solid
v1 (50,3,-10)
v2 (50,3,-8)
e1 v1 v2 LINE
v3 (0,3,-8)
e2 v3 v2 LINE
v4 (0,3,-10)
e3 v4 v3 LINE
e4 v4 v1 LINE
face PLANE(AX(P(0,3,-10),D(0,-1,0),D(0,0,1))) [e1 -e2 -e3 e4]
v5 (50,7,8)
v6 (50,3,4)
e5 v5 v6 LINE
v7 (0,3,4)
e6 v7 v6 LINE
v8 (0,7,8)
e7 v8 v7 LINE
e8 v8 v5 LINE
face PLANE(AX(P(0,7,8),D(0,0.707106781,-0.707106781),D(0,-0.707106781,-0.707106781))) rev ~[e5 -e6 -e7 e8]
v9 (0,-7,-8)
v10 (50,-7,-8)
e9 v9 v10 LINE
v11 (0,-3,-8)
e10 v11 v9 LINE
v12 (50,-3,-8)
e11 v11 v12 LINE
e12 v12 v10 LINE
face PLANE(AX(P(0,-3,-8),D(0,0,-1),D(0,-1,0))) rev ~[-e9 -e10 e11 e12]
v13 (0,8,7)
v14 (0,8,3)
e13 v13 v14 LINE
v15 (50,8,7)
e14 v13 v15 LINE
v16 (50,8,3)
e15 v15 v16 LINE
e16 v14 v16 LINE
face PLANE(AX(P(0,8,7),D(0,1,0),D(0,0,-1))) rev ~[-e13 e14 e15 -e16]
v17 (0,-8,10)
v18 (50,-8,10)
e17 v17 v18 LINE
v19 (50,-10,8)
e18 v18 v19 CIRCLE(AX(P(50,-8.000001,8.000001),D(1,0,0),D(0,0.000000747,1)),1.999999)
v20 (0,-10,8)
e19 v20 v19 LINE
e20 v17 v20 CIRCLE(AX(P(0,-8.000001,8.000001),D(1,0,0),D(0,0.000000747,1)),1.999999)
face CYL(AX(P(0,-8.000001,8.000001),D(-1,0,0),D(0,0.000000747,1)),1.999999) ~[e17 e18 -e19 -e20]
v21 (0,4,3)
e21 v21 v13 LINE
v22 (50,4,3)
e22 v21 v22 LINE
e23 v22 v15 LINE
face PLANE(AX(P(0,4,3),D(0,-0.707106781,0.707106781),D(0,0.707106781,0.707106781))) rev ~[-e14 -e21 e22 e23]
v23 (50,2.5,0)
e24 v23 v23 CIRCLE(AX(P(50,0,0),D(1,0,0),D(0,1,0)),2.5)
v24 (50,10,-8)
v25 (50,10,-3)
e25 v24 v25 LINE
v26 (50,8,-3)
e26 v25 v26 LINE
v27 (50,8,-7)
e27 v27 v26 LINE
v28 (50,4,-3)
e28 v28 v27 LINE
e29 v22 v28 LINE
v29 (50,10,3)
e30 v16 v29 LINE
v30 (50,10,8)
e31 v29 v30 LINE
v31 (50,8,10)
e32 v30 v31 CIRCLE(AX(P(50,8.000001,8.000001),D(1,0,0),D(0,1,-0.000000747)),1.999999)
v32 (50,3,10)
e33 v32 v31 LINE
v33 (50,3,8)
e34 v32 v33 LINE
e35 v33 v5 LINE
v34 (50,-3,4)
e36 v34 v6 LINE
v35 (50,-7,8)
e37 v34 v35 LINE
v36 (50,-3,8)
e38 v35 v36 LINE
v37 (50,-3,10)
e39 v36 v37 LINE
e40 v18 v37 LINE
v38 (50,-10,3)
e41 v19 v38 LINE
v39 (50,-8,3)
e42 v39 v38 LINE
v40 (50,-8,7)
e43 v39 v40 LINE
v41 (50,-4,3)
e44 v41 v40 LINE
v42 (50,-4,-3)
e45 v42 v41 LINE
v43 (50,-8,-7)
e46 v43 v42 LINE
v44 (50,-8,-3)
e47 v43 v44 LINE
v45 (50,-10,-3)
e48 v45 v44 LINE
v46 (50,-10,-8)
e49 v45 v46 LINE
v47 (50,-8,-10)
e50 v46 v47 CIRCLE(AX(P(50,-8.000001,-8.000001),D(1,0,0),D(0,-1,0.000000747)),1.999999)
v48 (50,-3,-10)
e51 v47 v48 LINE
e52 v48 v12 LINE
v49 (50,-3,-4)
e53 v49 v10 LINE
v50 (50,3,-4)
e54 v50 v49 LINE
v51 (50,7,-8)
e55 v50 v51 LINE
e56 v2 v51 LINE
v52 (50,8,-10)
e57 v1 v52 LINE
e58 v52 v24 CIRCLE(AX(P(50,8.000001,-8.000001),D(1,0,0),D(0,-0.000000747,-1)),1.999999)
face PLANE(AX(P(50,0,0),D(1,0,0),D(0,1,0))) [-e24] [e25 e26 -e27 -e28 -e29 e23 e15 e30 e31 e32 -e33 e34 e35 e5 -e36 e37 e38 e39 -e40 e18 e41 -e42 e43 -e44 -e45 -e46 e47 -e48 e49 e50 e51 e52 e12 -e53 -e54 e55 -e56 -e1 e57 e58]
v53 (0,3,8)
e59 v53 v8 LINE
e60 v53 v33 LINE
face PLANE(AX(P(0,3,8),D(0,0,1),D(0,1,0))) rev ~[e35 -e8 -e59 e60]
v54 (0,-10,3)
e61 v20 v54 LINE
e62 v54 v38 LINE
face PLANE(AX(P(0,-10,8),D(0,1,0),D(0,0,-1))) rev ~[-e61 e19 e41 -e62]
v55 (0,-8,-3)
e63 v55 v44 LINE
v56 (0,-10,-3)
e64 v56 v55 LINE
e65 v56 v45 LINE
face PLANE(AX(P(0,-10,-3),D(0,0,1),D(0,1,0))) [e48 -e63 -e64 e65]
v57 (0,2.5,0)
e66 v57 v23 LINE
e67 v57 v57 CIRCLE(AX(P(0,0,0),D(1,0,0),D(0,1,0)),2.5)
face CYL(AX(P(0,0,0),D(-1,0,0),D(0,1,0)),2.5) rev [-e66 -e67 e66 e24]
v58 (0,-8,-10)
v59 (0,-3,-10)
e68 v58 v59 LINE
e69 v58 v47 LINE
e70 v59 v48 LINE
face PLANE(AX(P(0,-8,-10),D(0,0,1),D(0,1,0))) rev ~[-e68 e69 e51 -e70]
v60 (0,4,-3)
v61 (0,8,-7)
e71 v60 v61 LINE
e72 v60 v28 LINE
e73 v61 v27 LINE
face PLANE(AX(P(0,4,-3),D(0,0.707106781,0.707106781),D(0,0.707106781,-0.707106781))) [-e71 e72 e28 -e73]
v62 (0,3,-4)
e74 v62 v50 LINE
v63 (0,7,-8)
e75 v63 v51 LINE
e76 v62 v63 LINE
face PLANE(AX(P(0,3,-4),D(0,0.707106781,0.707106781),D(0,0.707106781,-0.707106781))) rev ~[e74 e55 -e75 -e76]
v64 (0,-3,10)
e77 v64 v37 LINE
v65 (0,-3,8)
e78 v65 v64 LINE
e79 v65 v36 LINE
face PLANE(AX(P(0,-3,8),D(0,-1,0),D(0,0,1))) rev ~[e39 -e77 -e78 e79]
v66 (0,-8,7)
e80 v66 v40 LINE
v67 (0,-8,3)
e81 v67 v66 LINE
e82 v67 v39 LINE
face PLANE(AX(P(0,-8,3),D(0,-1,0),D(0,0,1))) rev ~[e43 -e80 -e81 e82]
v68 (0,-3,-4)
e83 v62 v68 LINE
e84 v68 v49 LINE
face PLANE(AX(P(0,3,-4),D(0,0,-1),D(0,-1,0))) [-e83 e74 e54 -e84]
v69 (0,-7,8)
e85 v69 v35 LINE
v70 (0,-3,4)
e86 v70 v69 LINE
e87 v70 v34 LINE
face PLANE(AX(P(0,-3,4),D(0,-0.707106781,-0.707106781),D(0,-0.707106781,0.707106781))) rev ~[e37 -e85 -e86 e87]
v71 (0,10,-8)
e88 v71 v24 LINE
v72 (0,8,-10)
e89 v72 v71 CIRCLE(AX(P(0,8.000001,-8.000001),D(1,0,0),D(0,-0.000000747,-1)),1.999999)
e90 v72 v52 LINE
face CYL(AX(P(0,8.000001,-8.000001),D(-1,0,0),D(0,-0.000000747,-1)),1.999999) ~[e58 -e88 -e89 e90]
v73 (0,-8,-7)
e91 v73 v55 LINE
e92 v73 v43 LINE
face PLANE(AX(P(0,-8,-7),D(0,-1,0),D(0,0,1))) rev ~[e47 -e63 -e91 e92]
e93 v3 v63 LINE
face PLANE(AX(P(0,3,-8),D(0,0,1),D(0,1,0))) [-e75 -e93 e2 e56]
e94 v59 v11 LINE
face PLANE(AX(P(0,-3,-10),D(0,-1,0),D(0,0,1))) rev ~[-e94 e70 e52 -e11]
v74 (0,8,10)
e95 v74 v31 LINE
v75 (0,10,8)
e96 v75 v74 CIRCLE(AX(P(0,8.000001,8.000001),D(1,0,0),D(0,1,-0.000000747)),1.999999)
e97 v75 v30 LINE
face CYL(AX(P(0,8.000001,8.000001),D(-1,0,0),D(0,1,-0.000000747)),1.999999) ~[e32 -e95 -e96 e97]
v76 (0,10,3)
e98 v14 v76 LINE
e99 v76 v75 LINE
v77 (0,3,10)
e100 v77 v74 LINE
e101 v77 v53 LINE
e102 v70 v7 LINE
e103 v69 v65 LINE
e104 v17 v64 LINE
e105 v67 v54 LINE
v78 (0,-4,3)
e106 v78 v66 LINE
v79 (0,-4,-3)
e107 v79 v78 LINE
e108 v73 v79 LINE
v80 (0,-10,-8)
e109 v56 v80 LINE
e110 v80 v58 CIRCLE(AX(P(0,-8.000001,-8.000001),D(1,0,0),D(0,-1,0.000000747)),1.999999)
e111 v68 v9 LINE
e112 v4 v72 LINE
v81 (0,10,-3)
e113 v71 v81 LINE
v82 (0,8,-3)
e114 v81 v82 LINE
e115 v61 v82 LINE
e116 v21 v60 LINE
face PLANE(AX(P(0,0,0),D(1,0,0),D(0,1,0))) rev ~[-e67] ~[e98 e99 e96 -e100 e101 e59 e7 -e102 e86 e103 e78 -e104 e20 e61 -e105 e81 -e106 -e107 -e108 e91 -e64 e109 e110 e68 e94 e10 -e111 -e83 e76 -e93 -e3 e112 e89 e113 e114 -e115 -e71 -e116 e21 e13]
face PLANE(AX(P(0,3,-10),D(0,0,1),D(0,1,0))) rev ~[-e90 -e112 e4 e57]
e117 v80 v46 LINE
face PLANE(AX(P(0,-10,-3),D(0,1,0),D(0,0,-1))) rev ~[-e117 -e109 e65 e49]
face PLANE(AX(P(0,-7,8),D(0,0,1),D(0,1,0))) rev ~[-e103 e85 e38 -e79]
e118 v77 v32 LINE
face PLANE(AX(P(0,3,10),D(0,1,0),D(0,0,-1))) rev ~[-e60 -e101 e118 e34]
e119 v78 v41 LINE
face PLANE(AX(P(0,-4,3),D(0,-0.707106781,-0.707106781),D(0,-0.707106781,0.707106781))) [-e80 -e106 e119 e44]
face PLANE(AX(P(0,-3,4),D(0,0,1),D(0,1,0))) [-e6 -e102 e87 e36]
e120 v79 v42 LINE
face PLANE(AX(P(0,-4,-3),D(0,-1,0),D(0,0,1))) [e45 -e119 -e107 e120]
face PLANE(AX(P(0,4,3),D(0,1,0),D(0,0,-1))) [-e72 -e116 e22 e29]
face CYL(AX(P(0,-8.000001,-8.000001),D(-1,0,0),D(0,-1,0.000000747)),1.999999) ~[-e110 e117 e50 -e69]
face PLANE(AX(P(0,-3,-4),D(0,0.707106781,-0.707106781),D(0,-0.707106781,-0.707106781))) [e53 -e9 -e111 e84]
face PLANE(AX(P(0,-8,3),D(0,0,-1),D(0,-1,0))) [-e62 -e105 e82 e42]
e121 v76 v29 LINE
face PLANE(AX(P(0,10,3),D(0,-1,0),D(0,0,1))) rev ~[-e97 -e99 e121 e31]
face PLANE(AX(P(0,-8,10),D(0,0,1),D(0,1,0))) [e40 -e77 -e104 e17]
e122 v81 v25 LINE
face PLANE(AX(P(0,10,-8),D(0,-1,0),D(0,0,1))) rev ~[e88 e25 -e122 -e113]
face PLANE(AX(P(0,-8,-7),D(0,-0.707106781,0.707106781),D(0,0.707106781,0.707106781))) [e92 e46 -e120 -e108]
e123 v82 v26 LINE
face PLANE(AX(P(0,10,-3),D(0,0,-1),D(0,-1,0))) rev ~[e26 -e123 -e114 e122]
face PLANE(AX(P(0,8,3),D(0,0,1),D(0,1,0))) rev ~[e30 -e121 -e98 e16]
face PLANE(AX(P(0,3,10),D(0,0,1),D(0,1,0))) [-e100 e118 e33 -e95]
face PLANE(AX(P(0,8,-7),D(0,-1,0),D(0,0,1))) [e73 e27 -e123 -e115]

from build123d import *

# Parameters (mm, degrees)
SKETCH_R  = 2.5
PAD_DEPTH = 50


with BuildPart() as part:
    # Sketch → Pad (new body)
    with BuildSketch(Plane.YZ):
        with BuildLine():
            ThreePointArc((-8, 10), (-9.414214, 9.414214), (-10, 8))
            Line((-10, 8), (-10, 3))
            Line((-8, 3), (-10, 3))
            Line((-8, 3), (-8, 7))
            Line((-4, 3), (-8, 7))
            Line((-4, -3), (-4, 3))
            Line((-8, -7), (-4, -3))
            Line((-8, -7), (-8, -3))
            Line((-10, -3), (-8, -3))
            Line((-10, -3), (-10, -8))
            ThreePointArc((-10, -8), (-9.414214, -9.414214), (-8, -10))
            Line((-8, -10), (-3, -10))
            Line((-3, -10), (-3, -8))
            Line((-3, -8), (-7, -8))
            Line((-3, -4), (-7, -8))
            Line((3, -4), (-3, -4))
            Line((3, -4), (7, -8))
            Line((3, -8), (7, -8))
            Line((3, -10), (3, -8))
            Line((3, -10), (8, -10))
            ThreePointArc((8, -10), (9.414214, -9.414214), (10, -8))
            Line((10, -8), (10, -3))
            Line((10, -3), (8, -3))
            Line((8, -7), (8, -3))
            Line((4, -3), (8, -7))
            Line((4, 3), (4, -3))
            Line((4, 3), (8, 7))
            Line((8, 7), (8, 3))
            Line((8, 3), (10, 3))
            Line((10, 3), (10, 8))
            ThreePointArc((10, 8), (9.414214, 9.414214), (8, 10))
            Line((3, 10), (8, 10))
            Line((3, 10), (3, 8))
            Line((3, 8), (7, 8))
            Line((7, 8), (3, 4))
            Line((-3, 4), (3, 4))
            Line((-3, 4), (-7, 8))
            Line((-7, 8), (-3, 8))
            Line((-3, 8), (-3, 10))
            Line((-8, 10), (-3, 10))
        make_face()
        Circle(SKETCH_R, mode=Mode.SUBTRACT)
    extrude(amount=PAD_DEPTH)


solid = part.part
